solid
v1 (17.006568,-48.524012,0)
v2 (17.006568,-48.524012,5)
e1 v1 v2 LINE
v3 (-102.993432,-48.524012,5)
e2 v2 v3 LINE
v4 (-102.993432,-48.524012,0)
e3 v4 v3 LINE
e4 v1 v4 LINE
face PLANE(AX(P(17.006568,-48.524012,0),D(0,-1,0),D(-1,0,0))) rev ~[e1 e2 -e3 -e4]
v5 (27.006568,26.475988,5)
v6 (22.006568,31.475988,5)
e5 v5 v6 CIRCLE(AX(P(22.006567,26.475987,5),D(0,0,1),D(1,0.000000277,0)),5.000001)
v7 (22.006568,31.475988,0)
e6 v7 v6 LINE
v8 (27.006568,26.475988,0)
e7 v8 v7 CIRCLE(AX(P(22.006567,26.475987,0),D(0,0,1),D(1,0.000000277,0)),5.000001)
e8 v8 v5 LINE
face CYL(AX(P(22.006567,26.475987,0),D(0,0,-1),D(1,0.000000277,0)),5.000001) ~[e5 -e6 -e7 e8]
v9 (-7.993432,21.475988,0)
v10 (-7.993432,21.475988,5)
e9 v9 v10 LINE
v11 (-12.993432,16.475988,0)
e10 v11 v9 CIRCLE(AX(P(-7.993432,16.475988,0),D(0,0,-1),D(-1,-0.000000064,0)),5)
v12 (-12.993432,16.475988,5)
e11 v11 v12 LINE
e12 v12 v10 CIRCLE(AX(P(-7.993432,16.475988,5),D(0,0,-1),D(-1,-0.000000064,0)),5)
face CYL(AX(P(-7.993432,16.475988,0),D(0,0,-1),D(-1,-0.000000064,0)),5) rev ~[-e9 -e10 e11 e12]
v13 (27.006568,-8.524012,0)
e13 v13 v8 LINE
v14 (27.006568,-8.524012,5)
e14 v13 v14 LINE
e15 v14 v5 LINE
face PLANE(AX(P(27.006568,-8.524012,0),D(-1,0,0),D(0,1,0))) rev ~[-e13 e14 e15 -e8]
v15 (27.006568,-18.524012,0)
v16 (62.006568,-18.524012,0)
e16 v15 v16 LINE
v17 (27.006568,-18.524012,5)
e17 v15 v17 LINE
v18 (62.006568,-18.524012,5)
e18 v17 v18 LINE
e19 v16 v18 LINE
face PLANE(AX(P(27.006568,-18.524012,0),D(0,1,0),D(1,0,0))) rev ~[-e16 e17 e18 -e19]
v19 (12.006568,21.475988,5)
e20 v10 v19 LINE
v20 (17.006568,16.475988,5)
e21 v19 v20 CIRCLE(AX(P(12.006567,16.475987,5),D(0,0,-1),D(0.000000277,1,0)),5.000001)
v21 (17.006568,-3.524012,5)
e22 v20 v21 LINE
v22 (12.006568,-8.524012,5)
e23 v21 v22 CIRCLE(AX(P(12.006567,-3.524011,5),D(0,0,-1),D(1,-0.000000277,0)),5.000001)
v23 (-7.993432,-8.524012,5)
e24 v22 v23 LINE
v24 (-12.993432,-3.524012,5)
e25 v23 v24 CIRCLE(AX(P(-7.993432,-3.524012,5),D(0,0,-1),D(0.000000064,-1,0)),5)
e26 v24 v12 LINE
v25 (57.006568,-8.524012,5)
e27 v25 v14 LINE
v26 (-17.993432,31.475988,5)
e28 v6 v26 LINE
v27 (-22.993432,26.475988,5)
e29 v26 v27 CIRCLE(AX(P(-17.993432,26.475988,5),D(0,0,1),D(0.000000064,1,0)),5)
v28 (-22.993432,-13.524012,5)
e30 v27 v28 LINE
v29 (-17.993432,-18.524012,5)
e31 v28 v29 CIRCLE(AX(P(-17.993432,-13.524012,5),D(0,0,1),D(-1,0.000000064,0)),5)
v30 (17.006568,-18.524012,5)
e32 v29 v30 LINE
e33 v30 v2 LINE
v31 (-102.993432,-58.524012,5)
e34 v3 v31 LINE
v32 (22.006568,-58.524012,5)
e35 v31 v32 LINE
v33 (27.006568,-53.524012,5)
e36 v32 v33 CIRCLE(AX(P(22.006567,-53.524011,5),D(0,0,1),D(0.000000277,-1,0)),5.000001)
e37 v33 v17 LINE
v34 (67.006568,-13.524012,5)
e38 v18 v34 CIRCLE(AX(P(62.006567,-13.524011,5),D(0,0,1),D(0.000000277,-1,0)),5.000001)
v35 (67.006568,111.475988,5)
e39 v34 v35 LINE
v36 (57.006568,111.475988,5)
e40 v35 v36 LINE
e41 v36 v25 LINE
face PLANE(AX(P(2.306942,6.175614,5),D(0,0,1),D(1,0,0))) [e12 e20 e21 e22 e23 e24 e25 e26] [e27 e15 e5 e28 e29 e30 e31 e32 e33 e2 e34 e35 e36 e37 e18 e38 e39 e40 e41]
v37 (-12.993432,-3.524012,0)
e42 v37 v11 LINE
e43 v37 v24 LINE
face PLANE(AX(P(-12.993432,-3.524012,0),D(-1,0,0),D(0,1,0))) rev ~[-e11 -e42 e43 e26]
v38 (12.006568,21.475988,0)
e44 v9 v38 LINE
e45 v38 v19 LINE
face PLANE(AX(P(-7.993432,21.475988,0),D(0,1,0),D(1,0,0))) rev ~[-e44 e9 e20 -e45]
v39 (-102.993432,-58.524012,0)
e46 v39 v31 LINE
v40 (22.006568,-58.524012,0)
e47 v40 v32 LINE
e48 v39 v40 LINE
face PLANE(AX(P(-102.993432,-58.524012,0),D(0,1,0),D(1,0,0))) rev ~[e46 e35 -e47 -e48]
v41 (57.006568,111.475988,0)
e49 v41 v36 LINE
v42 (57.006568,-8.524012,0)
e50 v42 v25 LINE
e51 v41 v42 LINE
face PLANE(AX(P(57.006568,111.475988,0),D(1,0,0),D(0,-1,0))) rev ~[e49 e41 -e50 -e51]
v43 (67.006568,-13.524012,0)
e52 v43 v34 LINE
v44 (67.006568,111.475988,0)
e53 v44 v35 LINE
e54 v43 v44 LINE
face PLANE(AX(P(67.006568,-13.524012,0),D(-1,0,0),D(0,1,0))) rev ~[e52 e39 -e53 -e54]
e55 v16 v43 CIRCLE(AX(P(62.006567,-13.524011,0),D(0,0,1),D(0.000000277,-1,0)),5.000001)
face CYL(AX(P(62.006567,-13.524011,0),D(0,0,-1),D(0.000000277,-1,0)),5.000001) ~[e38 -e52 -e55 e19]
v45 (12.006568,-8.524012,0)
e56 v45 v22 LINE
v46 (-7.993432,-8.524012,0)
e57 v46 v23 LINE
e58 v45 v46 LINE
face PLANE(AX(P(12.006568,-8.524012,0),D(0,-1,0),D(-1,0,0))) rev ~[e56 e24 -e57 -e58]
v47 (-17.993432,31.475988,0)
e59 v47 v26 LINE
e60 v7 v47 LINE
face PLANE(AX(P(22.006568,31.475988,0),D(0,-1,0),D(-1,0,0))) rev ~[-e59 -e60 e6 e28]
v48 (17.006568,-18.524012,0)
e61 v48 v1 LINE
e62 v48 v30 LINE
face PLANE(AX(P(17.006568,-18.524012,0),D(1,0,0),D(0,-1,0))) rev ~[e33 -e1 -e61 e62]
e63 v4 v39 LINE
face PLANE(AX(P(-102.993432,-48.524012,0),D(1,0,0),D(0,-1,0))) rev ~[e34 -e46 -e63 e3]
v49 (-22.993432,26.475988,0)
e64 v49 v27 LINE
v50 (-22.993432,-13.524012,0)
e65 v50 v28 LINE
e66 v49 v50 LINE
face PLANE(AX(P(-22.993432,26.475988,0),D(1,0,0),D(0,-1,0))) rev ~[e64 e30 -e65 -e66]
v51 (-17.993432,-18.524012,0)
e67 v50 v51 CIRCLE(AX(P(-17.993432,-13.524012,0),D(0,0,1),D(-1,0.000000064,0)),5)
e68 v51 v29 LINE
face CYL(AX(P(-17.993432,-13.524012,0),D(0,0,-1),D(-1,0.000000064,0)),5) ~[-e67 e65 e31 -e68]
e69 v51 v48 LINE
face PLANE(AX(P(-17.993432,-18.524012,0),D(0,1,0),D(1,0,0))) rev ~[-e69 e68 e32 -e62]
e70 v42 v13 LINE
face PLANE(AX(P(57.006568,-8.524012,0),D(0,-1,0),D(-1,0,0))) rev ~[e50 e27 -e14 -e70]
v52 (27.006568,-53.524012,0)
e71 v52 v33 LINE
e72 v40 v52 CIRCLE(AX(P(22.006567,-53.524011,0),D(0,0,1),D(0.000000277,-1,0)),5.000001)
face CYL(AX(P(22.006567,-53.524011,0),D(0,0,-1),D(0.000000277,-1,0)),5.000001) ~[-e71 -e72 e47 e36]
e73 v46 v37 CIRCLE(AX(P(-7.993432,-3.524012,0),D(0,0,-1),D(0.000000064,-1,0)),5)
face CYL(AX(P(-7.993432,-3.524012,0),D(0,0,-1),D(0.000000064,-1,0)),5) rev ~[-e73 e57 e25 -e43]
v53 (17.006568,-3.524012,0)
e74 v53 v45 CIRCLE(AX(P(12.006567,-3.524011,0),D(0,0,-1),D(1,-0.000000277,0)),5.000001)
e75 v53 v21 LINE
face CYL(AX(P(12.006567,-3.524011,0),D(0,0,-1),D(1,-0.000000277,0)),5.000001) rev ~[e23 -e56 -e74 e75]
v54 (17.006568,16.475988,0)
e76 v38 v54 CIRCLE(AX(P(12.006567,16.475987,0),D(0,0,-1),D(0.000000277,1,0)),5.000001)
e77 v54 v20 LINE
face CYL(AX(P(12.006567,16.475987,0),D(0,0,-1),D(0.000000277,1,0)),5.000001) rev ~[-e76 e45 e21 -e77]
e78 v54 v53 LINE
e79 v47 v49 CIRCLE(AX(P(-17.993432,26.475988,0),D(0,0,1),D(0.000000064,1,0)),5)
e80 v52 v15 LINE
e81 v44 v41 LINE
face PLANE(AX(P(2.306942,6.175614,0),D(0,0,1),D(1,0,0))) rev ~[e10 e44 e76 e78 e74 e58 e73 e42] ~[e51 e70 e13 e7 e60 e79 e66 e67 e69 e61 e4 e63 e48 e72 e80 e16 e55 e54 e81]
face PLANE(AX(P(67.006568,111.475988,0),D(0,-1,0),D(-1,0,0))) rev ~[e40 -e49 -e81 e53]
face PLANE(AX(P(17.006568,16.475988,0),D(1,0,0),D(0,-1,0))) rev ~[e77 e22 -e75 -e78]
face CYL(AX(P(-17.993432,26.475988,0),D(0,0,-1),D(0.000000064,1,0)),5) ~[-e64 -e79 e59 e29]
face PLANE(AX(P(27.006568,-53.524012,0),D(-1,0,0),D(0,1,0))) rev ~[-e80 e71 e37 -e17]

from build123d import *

# Parameters (mm, degrees)
F1_DEPTH = 5


with BuildPart() as f1:
    # F0 (on Top) → F1 (new body)
    with BuildSketch(Plane.XY):
        with BuildLine():
            Line((22.006568, 31.475988), (-17.993432, 31.475988))
            ThreePointArc((-17.993432, 31.475988), (-21.528966, 30.011522), (-22.993432, 26.475988))
            Line((-22.993432, 26.475988), (-22.993432, -13.524012))
            ThreePointArc((-22.993432, -13.524012), (-21.528966, -17.059546), (-17.993432, -18.524012))
            Line((-17.993432, -18.524012), (17.006568, -18.524012))
            Line((17.006568, -18.524012), (27.006568, -18.524012))
            Line((27.006568, -18.524012), (27.006568, -8.524012))
            Line((27.006568, -8.524012), (27.006568, 26.475988))
            ThreePointArc((27.006568, 26.475988), (25.542101, 30.011522), (22.006568, 31.475988))
        make_face()
        with BuildLine():
            ThreePointArc((-12.993432, 16.475988), (-11.528966, 20.011522), (-7.993432, 21.475988))
            Line((-7.993432, 21.475988), (12.006568, 21.475988))
            ThreePointArc((12.006568, 21.475988), (15.542101, 20.011522), (17.006568, 16.475988))
            Line((17.006568, 16.475988), (17.006568, -3.524012))
            ThreePointArc((17.006568, -3.524012), (15.542101, -7.059546), (12.006568, -8.524012))
            Line((12.006568, -8.524012), (-7.993432, -8.524012))
            ThreePointArc((-7.993432, -8.524012), (-11.528966, -7.059546), (-12.993432, -3.524012))
            Line((-12.993432, -3.524012), (-12.993432, 16.475988))
        make_face(mode=Mode.SUBTRACT)
        with BuildLine():
            Line((57.006568, -8.524012), (27.006568, -8.524012))
            Line((27.006568, -8.524012), (27.006568, -18.524012))
            Line((27.006568, -18.524012), (62.006568, -18.524012))
            ThreePointArc((62.006568, -18.524012), (65.542101, -17.059546), (67.006568, -13.524012))
            Line((67.006568, -13.524012), (67.006568, 111.475988))
            Line((67.006568, 111.475988), (57.006568, 111.475988))
            Line((57.006568, 111.475988), (57.006568, -8.524012))
        make_face()
        with BuildLine():
            Line((27.006568, -53.524012), (27.006568, -18.524012))
            Line((27.006568, -18.524012), (17.006568, -18.524012))
            Line((17.006568, -18.524012), (17.006568, -48.524012))
            Line((17.006568, -48.524012), (-102.993432, -48.524012))
            Line((-102.993432, -48.524012), (-102.993432, -58.524012))
            Line((-102.993432, -58.524012), (22.006568, -58.524012))
            ThreePointArc((22.006568, -58.524012), (25.542101, -57.059546), (27.006568, -53.524012))
        make_face()
    extrude(amount=F1_DEPTH)


solid = f1.part
